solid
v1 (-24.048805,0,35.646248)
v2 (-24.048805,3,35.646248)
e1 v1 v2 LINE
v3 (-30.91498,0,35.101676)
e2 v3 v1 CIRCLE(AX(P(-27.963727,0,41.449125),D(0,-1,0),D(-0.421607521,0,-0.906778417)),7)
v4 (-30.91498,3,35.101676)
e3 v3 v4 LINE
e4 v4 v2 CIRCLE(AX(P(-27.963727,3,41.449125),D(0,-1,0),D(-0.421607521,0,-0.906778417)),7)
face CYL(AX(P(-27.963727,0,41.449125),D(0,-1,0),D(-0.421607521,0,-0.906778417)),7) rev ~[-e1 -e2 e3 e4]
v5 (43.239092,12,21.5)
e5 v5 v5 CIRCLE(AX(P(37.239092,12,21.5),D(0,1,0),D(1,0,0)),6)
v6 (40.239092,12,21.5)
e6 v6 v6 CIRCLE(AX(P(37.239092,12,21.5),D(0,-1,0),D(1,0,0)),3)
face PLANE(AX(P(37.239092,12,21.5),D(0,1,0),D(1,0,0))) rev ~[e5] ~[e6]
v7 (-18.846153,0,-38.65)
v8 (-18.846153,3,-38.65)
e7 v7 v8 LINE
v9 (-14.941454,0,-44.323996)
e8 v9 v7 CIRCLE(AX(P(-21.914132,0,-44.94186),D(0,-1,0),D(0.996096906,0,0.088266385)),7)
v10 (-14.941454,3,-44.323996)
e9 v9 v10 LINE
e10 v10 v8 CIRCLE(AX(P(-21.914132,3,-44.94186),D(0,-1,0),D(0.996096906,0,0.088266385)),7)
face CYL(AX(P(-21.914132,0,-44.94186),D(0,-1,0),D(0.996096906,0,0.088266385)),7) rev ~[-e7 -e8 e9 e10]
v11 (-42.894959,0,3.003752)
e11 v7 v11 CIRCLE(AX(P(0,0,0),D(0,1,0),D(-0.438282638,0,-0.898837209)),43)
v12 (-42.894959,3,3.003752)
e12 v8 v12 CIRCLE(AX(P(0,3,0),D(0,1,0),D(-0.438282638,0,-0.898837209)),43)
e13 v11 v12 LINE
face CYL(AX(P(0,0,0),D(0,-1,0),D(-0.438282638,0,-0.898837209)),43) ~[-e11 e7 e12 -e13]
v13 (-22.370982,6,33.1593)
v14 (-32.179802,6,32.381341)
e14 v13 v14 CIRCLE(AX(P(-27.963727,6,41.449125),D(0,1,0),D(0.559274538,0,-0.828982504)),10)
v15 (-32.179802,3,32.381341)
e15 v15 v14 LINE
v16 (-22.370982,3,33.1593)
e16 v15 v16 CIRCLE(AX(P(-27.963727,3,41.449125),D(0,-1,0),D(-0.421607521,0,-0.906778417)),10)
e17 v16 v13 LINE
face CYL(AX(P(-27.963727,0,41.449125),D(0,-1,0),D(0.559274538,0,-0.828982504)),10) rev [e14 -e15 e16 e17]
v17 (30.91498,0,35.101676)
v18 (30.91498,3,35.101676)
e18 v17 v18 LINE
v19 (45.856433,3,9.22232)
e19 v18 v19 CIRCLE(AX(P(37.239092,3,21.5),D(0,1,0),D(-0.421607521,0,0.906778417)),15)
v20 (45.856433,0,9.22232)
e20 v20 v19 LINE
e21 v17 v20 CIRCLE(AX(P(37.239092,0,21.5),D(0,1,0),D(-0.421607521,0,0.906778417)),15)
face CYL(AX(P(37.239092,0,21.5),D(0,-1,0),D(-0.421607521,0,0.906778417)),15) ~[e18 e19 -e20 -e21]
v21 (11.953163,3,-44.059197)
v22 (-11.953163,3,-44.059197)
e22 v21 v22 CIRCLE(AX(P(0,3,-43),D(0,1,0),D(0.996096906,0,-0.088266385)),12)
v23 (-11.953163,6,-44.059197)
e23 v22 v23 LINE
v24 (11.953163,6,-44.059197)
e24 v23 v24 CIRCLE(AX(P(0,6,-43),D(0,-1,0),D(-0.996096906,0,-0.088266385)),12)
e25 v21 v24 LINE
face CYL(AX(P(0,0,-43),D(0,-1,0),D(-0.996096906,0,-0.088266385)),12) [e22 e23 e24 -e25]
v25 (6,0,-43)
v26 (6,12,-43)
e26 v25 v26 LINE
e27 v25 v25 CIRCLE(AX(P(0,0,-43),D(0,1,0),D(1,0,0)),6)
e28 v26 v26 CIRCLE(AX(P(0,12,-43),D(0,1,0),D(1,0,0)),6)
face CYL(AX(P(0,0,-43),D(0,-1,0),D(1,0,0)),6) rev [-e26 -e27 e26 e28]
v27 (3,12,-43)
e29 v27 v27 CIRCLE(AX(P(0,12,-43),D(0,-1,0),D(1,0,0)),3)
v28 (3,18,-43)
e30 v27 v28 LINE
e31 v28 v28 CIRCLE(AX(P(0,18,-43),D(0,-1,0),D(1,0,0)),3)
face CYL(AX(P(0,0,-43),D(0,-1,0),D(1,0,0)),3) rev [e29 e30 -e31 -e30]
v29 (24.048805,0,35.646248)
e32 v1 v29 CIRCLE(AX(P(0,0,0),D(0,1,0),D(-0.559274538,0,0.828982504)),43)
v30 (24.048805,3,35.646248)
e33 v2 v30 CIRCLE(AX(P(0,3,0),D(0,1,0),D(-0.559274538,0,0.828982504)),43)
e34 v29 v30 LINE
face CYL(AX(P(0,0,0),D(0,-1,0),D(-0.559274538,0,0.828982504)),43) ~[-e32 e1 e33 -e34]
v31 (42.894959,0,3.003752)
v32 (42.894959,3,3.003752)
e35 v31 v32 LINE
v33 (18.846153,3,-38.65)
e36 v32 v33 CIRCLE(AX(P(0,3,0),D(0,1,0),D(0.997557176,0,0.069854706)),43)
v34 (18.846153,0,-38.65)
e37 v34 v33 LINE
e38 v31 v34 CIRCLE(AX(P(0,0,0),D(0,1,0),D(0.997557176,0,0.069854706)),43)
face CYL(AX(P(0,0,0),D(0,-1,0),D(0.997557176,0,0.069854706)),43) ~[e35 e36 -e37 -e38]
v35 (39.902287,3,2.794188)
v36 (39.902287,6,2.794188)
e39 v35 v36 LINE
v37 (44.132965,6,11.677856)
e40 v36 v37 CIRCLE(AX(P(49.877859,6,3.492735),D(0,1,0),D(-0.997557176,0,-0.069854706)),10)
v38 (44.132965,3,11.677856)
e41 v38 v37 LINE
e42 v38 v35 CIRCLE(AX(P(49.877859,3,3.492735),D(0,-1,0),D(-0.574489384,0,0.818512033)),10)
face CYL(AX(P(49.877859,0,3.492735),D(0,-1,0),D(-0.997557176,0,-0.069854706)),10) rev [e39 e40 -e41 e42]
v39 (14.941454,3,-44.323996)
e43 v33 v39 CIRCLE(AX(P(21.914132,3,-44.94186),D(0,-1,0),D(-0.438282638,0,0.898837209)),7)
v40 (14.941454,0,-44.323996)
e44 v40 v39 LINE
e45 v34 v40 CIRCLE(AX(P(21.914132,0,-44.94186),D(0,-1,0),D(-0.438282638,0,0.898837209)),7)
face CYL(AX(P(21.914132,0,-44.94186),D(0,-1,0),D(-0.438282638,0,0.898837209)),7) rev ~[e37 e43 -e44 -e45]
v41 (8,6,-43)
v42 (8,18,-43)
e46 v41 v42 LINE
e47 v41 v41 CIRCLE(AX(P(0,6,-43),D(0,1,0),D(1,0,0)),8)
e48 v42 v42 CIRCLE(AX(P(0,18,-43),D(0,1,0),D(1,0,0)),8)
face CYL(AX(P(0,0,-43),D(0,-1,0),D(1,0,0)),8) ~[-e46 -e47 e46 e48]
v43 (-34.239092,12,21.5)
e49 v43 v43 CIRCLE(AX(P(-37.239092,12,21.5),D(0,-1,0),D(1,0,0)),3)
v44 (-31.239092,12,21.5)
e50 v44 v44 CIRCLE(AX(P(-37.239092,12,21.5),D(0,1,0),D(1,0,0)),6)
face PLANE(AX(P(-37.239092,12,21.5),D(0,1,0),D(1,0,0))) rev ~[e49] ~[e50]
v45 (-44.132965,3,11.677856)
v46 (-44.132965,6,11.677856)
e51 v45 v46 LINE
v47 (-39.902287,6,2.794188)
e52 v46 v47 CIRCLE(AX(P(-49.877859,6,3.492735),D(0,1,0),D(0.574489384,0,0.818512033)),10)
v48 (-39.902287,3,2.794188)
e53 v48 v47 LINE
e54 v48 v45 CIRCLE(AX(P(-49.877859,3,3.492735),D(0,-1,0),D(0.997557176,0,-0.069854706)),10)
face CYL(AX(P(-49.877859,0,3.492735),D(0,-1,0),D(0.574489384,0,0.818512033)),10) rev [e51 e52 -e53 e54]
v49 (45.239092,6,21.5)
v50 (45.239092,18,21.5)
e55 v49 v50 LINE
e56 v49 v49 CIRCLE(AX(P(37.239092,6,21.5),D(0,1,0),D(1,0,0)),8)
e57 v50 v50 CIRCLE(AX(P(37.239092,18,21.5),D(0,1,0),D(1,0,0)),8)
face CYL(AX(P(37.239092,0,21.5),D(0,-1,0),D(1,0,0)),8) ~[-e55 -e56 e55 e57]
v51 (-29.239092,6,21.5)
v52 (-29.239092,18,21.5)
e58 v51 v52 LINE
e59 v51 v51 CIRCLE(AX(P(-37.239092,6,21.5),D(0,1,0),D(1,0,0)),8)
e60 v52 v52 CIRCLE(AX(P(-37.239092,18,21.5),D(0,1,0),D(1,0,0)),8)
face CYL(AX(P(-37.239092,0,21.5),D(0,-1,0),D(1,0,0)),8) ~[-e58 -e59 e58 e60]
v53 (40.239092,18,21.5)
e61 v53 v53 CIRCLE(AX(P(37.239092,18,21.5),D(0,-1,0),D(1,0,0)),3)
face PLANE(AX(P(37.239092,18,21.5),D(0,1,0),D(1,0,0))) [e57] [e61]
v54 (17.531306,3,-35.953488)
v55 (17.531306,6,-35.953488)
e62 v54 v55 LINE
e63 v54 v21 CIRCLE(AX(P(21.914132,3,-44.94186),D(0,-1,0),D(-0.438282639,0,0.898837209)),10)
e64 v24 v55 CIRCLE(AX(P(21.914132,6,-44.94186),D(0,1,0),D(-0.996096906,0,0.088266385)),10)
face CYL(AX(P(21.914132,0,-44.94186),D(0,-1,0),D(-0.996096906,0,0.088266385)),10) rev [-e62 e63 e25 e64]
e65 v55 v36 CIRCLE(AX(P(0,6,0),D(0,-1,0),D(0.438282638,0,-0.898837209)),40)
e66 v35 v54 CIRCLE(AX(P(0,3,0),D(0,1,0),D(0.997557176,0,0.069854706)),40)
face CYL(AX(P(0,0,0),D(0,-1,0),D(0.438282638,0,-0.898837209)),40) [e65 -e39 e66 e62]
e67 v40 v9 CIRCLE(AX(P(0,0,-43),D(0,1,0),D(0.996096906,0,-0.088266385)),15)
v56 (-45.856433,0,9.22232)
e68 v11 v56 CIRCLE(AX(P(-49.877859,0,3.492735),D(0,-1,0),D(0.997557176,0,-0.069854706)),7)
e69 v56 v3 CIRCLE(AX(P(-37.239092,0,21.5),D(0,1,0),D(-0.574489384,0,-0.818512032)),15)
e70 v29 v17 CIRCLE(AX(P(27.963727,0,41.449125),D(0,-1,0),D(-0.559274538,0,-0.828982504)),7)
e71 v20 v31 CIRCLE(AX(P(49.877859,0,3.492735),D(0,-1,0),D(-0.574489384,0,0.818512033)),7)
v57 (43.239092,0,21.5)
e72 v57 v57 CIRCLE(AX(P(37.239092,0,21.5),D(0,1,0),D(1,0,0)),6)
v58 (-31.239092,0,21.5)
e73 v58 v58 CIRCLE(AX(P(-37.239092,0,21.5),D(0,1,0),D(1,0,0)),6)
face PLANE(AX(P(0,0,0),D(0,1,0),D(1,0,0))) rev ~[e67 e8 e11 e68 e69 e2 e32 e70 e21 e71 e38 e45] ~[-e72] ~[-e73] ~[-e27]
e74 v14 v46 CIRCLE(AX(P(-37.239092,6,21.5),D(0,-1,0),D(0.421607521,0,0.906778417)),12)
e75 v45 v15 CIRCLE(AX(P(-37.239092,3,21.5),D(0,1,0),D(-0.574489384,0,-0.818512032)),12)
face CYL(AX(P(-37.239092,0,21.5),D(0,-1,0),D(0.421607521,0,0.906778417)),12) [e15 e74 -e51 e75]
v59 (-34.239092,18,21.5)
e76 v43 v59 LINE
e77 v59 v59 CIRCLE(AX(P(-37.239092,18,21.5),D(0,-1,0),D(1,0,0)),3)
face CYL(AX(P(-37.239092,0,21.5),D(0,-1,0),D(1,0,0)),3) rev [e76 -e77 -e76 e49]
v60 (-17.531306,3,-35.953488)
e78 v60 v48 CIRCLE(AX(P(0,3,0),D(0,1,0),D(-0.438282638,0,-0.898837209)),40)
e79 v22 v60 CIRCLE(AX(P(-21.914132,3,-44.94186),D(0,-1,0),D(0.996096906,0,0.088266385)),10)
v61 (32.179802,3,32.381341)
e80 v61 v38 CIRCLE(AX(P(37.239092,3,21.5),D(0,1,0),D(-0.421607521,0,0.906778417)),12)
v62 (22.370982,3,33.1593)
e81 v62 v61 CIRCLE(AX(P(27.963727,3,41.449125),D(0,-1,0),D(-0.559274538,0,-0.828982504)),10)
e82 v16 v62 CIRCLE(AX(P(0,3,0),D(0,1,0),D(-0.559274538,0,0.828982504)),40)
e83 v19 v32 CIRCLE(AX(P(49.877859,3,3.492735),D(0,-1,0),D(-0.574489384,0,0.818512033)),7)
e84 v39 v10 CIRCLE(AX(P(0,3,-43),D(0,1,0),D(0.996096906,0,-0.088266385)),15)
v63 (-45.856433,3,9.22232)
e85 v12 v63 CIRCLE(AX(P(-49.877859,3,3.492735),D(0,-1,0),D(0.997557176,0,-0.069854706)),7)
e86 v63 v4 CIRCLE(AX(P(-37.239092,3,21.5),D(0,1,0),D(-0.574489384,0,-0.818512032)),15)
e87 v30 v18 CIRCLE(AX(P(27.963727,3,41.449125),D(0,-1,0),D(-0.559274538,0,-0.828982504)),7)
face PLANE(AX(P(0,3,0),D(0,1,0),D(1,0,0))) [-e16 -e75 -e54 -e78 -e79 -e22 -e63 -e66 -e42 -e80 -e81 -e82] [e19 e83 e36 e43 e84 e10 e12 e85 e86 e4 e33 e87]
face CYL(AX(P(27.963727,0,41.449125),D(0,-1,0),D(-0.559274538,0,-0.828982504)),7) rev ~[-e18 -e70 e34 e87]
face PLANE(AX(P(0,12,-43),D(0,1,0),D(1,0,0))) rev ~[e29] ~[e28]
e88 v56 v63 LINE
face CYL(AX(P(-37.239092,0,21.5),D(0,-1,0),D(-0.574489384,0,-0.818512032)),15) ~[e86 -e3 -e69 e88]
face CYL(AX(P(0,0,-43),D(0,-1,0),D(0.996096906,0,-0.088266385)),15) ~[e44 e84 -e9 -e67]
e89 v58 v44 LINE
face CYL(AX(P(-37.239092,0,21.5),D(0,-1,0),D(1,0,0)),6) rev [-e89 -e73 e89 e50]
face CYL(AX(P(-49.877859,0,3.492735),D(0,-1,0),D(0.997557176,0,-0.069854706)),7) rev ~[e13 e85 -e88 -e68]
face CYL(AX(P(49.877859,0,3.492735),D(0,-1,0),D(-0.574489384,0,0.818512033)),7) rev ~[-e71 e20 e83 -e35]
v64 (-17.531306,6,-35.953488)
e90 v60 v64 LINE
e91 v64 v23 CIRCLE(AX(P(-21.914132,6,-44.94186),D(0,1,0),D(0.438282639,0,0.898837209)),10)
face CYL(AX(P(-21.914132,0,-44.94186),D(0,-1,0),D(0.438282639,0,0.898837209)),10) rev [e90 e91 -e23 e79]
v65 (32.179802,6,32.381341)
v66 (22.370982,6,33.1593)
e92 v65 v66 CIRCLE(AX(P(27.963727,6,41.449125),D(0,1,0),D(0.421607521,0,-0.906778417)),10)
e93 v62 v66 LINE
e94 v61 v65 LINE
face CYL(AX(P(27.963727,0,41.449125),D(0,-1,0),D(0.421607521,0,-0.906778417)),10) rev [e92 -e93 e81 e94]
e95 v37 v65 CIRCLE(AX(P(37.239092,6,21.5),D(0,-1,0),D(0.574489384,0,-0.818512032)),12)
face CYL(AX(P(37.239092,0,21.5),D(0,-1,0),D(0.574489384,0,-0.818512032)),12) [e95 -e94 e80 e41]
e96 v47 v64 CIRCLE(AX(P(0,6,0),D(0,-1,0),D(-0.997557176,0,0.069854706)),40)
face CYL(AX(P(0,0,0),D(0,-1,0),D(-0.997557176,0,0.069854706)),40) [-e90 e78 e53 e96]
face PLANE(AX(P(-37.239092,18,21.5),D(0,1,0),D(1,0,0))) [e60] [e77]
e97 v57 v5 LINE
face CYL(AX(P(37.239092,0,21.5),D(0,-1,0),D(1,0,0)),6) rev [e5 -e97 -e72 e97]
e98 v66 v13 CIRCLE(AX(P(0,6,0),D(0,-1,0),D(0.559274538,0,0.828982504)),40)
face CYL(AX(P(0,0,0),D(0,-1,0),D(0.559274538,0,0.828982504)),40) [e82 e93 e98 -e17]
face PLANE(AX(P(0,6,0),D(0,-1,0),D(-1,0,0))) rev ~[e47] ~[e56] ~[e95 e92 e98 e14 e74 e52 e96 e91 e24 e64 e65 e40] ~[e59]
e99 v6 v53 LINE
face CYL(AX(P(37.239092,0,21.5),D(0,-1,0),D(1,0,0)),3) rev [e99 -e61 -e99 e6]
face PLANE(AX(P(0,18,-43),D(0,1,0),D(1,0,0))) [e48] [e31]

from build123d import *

# Parameters (mm, degrees)
BOSS_EXTRUDE3_DEPTH = 3
SKETCH1_5_R         = 8
BOSS_EXTRUDE4_DEPTH = 6
SKETCH1_6_R         = 8
BOSS_EXTRUDE5_DEPTH = 18
SKETCH1_7_R         = 6
CUT_EXTRUDE1_DEPTH  = 12
SKETCH1_8_R         = 3
CUT_EXTRUDE2_DEPTH  = 125


with BuildPart() as part:
    # Sketch1 → Boss-Extrude3 (new body)
    with BuildSketch(Plane(origin=(0, 0, 0), x_dir=(1, 0, 0), z_dir=(0, 1, 0))):
        with BuildLine():
            ThreePointArc((42.894958583, -3.003752345), (37.239092363, 21.5), (18.846153454, 38.65))
            ThreePointArc((18.846153454, 38.65), (16.147655157, 40.973517523), (14.941453584, 44.323995772))
            ThreePointArc((14.941453584, 44.323995772), (0, 58), (-14.941453584, 44.323995772))
            ThreePointArc((-14.941453584, 44.323995772), (-16.147655157, 40.973517523), (-18.846153454, 38.65))
            ThreePointArc((-18.846153454, 38.65), (-37.239092363, 21.5), (-42.894958583, -3.003752345))
            ThreePointArc((-42.894958583, -3.003752345), (-43.557934635, -6.502479184), (-45.856433127, -9.222319513))
            ThreePointArc((-45.856433127, -9.222319513), (-50.229473419, -29), (-30.914979544, -35.101676259))
            ThreePointArc((-30.914979544, -35.101676259), (-27.410279478, -34.471038339), (-24.048805129, -35.646247655))
            ThreePointArc((-24.048805129, -35.646247655), (0, -43), (24.048805129, -35.646247655))
            ThreePointArc((24.048805129, -35.646247655), (27.410279478, -34.471038339), (30.914979544, -35.101676259))
            ThreePointArc((30.914979544, -35.101676259), (50.229473419, -29), (45.856433127, -9.222319513))
            ThreePointArc((45.856433127, -9.222319513), (43.557934635, -6.502479184), (42.894958583, -3.003752345))
        make_face()
        with BuildLine():
            ThreePointArc((-17.531305538, 35.953488372), (-34.641016151, 20), (-39.902287054, -2.794188228))
            ThreePointArc((-39.902287054, -2.794188228), (-40.8493957, -7.792369426), (-44.132964974, -11.67785561))
            ThreePointArc((-44.132964974, -11.67785561), (-47.631397208, -27.5), (-32.179802107, -32.381341007))
            ThreePointArc((-32.179802107, -32.381341007), (-27.173087728, -31.480429693), (-22.370981516, -33.159300144))
            ThreePointArc((-22.370981516, -33.159300144), (0, -40), (22.370981516, -33.159300144))
            ThreePointArc((22.370981516, -33.159300144), (27.173087728, -31.480429693), (32.179802107, -32.381341007))
            ThreePointArc((32.179802107, -32.381341007), (47.631397208, -27.5), (44.132964974, -11.67785561))
            ThreePointArc((44.132964974, -11.67785561), (40.8493957, -7.792369426), (39.902287054, -2.794188228))
            ThreePointArc((39.902287054, -2.794188228), (34.641016151, 20), (17.531305538, 35.953488372))
            ThreePointArc((17.531305538, 35.953488372), (13.676307972, 39.272799119), (11.953162867, 44.059196617))
            ThreePointArc((11.953162867, 44.059196617), (0, 55), (-11.953162867, 44.059196617))
            ThreePointArc((-11.953162867, 44.059196617), (-13.676307972, 39.272799119), (-17.531305538, 35.953488372))
        make_face(mode=Mode.SUBTRACT)
    extrude(amount=BOSS_EXTRUDE3_DEPTH)

    # Sketch1<5> → Boss-Extrude4 (add)
    with BuildSketch(Plane(origin=(0, 0, 0), x_dir=(1, 0, 0), z_dir=(0, 1, 0))):
        with BuildLine():
            ThreePointArc((-17.531305538, 35.953488372), (-13.676307972, 39.272799119), (-11.953162867, 44.059196617))
            ThreePointArc((-11.953162867, 44.059196617), (0, 55), (11.953162867, 44.059196617))
            ThreePointArc((11.953162867, 44.059196617), (13.676307972, 39.272799119), (17.531305538, 35.953488372))
            ThreePointArc((17.531305538, 35.953488372), (34.641016151, 20), (39.902287054, -2.794188228))
            ThreePointArc((39.902287054, -2.794188228), (40.8493957, -7.792369426), (44.132964974, -11.67785561))
            ThreePointArc((44.132964974, -11.67785561), (47.631397208, -27.5), (32.179802107, -32.381341007))
            ThreePointArc((32.179802107, -32.381341007), (27.173087728, -31.480429693), (22.370981516, -33.159300144))
            ThreePointArc((22.370981516, -33.159300144), (0, -40), (-22.370981516, -33.159300144))
            ThreePointArc((-22.370981516, -33.159300144), (-27.173087728, -31.480429693), (-32.179802107, -32.381341007))
            ThreePointArc((-32.179802107, -32.381341007), (-47.631397208, -27.5), (-44.132964974, -11.67785561))
            ThreePointArc((-44.132964974, -11.67785561), (-40.8493957, -7.792369426), (-39.902287054, -2.794188228))
            ThreePointArc((-39.902287054, -2.794188228), (-34.641016151, 20), (-17.531305538, 35.953488372))
        make_face()
        with Locations((37.239092363, -21.5)):
            Circle(SKETCH1_5_R, mode=Mode.SUBTRACT)
        with Locations((-37.239092363, -21.5)):
            Circle(SKETCH1_5_R, mode=Mode.SUBTRACT)
        with Locations((0, 43)):
            Circle(SKETCH1_5_R, mode=Mode.SUBTRACT)
    extrude(amount=BOSS_EXTRUDE4_DEPTH)

    # Sketch1<6> → Boss-Extrude5 (add)
    with BuildSketch(Plane(origin=(0, 0, 0), x_dir=(1, 0, 0), z_dir=(0, 1, 0))):
        with Locations((0, 43)):
            Circle(SKETCH1_6_R)
        with Locations((-37.239092363, -21.5)):
            Circle(SKETCH1_6_R)
        with Locations((37.239092363, -21.5)):
            Circle(SKETCH1_6_R)
    extrude(amount=BOSS_EXTRUDE5_DEPTH)

    # Sketch1<7> → Cut-Extrude1 (cut)
    with BuildSketch(Plane(origin=(0, 0, 0), x_dir=(1, 0, 0), z_dir=(0, 1, 0))):
        with Locations((0, 43)):
            Circle(SKETCH1_7_R)
        with Locations((37.239092363, -21.5)):
            Circle(SKETCH1_7_R)
        with Locations((-37.239092363, -21.5)):
            Circle(SKETCH1_7_R)
    extrude(amount=CUT_EXTRUDE1_DEPTH, mode=Mode.SUBTRACT)

    # Sketch1<8> → Cut-Extrude2 (cut)
    with BuildSketch(Plane(origin=(0, 0, 0), x_dir=(1, 0, 0), z_dir=(0, 1, 0))):
        with Locations((0, 43)):
            Circle(SKETCH1_8_R)
        with Locations((-37.239092363, -21.5)):
            Circle(SKETCH1_8_R)
        with Locations((37.239092363, -21.5)):
            Circle(SKETCH1_8_R)
    extrude(amount=CUT_EXTRUDE2_DEPTH, mode=Mode.SUBTRACT)


solid = part.part
